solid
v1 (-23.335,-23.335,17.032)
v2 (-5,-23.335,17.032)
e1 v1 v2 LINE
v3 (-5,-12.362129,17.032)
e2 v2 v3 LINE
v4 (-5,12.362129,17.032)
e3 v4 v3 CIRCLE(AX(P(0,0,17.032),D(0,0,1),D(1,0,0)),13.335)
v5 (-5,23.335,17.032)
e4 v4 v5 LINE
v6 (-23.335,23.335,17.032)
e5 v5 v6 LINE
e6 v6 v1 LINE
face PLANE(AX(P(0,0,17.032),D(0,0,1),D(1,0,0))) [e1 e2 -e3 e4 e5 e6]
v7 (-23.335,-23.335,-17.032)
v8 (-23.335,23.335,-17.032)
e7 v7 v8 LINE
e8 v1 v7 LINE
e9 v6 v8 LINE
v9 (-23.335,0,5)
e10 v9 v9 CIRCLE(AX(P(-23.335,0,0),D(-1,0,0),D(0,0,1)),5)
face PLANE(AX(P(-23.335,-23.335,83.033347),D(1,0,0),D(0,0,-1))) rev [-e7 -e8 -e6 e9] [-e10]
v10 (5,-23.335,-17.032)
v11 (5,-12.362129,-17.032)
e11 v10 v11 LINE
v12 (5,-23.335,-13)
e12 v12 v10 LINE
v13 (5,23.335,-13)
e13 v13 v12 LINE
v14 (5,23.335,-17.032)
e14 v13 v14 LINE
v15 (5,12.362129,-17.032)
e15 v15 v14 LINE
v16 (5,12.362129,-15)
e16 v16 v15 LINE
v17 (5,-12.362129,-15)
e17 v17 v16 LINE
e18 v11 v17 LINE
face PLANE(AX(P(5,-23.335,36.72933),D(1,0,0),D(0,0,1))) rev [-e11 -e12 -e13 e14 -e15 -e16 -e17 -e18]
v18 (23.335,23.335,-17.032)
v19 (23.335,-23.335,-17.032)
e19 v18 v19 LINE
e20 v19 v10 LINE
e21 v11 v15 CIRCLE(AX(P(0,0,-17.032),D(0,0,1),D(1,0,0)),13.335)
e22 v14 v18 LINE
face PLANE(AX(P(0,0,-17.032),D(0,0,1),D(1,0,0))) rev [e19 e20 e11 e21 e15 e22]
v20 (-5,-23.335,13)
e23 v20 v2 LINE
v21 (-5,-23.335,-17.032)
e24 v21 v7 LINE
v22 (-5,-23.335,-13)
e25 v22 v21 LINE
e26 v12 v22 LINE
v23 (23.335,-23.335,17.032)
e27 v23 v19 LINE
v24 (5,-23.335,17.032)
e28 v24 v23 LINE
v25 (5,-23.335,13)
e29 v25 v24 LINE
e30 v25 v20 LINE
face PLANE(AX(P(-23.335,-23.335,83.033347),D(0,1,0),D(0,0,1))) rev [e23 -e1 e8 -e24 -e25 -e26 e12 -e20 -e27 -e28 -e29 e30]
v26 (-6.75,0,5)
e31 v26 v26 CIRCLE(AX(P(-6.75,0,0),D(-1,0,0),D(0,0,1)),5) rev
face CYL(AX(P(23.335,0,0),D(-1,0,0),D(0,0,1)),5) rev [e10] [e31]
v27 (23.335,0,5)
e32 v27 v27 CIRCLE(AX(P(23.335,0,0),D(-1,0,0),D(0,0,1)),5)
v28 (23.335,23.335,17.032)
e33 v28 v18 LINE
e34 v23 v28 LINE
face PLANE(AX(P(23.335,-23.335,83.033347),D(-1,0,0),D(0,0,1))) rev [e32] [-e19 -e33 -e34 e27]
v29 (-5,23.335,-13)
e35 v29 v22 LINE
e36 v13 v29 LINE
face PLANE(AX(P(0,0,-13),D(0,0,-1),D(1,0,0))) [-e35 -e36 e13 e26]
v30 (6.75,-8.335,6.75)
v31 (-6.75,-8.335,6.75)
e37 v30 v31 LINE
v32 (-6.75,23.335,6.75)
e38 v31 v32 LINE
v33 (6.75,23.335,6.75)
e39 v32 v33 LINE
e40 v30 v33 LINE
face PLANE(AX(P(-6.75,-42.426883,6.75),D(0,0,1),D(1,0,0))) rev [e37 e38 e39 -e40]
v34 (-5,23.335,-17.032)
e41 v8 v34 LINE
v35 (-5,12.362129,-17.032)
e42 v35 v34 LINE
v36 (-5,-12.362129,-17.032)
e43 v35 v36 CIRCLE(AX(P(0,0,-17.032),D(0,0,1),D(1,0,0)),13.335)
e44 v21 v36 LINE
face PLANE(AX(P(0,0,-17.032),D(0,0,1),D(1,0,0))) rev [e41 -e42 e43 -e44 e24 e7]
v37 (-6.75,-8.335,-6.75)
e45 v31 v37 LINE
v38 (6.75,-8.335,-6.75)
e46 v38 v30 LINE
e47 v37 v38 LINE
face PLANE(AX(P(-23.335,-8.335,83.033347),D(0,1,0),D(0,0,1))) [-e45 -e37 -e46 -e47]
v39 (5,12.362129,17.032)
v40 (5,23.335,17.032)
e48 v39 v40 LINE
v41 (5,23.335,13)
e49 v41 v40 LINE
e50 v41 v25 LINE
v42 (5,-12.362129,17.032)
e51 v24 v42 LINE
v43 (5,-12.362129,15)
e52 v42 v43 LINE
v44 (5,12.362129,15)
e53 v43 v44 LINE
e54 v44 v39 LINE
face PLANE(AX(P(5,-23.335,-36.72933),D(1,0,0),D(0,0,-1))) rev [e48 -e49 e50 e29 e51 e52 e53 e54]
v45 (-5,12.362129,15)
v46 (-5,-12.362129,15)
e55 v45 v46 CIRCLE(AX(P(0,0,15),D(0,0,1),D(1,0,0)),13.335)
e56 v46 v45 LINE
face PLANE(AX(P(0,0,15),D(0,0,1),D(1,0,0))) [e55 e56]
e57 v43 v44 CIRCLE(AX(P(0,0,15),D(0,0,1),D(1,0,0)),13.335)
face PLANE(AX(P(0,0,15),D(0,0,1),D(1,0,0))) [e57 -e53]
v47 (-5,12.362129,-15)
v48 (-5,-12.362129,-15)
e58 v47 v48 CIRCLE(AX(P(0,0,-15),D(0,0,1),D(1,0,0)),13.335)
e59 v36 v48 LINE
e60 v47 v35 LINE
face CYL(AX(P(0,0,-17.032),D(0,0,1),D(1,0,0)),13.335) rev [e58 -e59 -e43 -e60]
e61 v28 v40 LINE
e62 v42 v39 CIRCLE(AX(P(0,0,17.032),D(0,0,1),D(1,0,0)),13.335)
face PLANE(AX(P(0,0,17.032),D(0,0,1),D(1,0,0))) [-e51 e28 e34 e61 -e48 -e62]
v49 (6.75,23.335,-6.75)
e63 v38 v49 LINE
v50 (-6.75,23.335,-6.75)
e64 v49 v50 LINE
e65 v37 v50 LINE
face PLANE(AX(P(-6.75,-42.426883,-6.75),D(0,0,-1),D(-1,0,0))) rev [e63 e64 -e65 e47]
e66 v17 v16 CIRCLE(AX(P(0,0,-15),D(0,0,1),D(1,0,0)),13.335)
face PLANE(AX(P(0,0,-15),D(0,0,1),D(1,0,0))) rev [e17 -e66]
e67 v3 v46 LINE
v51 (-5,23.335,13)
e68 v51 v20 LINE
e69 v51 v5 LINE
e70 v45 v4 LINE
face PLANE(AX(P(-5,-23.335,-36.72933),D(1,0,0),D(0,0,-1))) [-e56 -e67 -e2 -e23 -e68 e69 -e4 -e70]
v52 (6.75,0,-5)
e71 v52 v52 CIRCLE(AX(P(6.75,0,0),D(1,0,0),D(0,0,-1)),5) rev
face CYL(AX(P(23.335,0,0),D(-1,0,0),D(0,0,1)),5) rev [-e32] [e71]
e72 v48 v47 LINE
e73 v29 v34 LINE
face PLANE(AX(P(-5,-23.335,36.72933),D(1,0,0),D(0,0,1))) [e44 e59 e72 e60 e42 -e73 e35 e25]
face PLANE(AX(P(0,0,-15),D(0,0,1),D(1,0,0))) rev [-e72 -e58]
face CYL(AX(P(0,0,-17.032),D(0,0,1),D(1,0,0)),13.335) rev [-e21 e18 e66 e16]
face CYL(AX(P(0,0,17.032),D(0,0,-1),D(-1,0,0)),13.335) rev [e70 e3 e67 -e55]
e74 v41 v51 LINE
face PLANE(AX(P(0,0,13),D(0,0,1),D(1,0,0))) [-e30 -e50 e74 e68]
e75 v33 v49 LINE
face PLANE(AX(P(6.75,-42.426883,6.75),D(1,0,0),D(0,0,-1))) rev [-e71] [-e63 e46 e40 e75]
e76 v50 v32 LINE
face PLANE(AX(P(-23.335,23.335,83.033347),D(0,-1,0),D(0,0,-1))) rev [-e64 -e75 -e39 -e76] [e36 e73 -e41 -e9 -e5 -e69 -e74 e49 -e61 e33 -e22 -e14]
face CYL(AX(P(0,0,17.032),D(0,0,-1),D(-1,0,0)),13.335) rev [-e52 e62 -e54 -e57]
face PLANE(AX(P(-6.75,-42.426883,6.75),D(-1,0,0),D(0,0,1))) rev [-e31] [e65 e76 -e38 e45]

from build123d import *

# Parameters (mm, degrees)
SKETCH2_R           = 13.335
BOSS_EXTRUDE1_DEPTH = 2.032
SKETCH3_R           = 13.335
BOSS_EXTRUDE2_DEPTH = 2.032
BOSS_EXTRUDE3_START = -17.032
SKETCH5_W           = 46.67
SKETCH5_H           = 46.67
BOSS_EXTRUDE3_DEPTH = 34.064
SKETCH6_R           = 5
CUT_EXTRUDE1_DEPTH  = 55.888069277
SKETCH7_W           = 13.5
SKETCH7_H           = 13.5
CUT_EXTRUDE2_DEPTH  = 31.67
SKETCH9_W           = 10
SKETCH9_H           = 46.67
CUT_EXTRUDE3_DEPTH  = 4.032


with BuildPart() as part:
    # Sketch2 → Boss-Extrude1 (new body)
    with BuildSketch(Plane.XY.offset(15)):
        Circle(SKETCH2_R)
    extrude(amount=BOSS_EXTRUDE1_DEPTH)


with BuildPart() as body_2:
    # Sketch3 → Boss-Extrude2 (new body)
    with BuildSketch(Plane.XY.offset(-15)):
        Circle(SKETCH3_R)
    extrude(amount=-BOSS_EXTRUDE2_DEPTH)


with BuildPart() as body_3:
    # Sketch5 → Boss-Extrude3 (new body)
    with BuildSketch(Plane.XY.offset(BOSS_EXTRUDE3_START)):
        Rectangle(SKETCH5_W, SKETCH5_H)
    extrude(amount=BOSS_EXTRUDE3_DEPTH)

    # Sketch6 → Cut-Extrude1 (cut, through all)
    with BuildSketch(Plane.ZY.offset(23.335)):
        Circle(SKETCH6_R)
    extrude(amount=-CUT_EXTRUDE1_DEPTH, mode=Mode.SUBTRACT)

    # Sketch7 → Cut-Extrude2 (cut)
    with BuildSketch(Plane(origin=(0, 23.335, 0), x_dir=(1, 0, 0), z_dir=(0, 1, 0))):
        Rectangle(SKETCH7_W, SKETCH7_H)
    extrude(amount=-CUT_EXTRUDE2_DEPTH, mode=Mode.SUBTRACT)

    # Combine1: cut part, body 2
    add(part.part, mode=Mode.SUBTRACT)
    add(body_2.part, mode=Mode.SUBTRACT)

    # Sketch9 → Cut-Extrude3 (cut)
    with BuildSketch(Plane.XY.offset(17.032)):
        Rectangle(SKETCH9_W, SKETCH9_H)
    cut_extrude3 = extrude(amount=-CUT_EXTRUDE3_DEPTH, mode=Mode.SUBTRACT)

    # Mirror1: Cut-Extrude3 across plane
    add(cut_extrude3.mirror(Plane.XY), mode=Mode.SUBTRACT)


solid = body_3.part
